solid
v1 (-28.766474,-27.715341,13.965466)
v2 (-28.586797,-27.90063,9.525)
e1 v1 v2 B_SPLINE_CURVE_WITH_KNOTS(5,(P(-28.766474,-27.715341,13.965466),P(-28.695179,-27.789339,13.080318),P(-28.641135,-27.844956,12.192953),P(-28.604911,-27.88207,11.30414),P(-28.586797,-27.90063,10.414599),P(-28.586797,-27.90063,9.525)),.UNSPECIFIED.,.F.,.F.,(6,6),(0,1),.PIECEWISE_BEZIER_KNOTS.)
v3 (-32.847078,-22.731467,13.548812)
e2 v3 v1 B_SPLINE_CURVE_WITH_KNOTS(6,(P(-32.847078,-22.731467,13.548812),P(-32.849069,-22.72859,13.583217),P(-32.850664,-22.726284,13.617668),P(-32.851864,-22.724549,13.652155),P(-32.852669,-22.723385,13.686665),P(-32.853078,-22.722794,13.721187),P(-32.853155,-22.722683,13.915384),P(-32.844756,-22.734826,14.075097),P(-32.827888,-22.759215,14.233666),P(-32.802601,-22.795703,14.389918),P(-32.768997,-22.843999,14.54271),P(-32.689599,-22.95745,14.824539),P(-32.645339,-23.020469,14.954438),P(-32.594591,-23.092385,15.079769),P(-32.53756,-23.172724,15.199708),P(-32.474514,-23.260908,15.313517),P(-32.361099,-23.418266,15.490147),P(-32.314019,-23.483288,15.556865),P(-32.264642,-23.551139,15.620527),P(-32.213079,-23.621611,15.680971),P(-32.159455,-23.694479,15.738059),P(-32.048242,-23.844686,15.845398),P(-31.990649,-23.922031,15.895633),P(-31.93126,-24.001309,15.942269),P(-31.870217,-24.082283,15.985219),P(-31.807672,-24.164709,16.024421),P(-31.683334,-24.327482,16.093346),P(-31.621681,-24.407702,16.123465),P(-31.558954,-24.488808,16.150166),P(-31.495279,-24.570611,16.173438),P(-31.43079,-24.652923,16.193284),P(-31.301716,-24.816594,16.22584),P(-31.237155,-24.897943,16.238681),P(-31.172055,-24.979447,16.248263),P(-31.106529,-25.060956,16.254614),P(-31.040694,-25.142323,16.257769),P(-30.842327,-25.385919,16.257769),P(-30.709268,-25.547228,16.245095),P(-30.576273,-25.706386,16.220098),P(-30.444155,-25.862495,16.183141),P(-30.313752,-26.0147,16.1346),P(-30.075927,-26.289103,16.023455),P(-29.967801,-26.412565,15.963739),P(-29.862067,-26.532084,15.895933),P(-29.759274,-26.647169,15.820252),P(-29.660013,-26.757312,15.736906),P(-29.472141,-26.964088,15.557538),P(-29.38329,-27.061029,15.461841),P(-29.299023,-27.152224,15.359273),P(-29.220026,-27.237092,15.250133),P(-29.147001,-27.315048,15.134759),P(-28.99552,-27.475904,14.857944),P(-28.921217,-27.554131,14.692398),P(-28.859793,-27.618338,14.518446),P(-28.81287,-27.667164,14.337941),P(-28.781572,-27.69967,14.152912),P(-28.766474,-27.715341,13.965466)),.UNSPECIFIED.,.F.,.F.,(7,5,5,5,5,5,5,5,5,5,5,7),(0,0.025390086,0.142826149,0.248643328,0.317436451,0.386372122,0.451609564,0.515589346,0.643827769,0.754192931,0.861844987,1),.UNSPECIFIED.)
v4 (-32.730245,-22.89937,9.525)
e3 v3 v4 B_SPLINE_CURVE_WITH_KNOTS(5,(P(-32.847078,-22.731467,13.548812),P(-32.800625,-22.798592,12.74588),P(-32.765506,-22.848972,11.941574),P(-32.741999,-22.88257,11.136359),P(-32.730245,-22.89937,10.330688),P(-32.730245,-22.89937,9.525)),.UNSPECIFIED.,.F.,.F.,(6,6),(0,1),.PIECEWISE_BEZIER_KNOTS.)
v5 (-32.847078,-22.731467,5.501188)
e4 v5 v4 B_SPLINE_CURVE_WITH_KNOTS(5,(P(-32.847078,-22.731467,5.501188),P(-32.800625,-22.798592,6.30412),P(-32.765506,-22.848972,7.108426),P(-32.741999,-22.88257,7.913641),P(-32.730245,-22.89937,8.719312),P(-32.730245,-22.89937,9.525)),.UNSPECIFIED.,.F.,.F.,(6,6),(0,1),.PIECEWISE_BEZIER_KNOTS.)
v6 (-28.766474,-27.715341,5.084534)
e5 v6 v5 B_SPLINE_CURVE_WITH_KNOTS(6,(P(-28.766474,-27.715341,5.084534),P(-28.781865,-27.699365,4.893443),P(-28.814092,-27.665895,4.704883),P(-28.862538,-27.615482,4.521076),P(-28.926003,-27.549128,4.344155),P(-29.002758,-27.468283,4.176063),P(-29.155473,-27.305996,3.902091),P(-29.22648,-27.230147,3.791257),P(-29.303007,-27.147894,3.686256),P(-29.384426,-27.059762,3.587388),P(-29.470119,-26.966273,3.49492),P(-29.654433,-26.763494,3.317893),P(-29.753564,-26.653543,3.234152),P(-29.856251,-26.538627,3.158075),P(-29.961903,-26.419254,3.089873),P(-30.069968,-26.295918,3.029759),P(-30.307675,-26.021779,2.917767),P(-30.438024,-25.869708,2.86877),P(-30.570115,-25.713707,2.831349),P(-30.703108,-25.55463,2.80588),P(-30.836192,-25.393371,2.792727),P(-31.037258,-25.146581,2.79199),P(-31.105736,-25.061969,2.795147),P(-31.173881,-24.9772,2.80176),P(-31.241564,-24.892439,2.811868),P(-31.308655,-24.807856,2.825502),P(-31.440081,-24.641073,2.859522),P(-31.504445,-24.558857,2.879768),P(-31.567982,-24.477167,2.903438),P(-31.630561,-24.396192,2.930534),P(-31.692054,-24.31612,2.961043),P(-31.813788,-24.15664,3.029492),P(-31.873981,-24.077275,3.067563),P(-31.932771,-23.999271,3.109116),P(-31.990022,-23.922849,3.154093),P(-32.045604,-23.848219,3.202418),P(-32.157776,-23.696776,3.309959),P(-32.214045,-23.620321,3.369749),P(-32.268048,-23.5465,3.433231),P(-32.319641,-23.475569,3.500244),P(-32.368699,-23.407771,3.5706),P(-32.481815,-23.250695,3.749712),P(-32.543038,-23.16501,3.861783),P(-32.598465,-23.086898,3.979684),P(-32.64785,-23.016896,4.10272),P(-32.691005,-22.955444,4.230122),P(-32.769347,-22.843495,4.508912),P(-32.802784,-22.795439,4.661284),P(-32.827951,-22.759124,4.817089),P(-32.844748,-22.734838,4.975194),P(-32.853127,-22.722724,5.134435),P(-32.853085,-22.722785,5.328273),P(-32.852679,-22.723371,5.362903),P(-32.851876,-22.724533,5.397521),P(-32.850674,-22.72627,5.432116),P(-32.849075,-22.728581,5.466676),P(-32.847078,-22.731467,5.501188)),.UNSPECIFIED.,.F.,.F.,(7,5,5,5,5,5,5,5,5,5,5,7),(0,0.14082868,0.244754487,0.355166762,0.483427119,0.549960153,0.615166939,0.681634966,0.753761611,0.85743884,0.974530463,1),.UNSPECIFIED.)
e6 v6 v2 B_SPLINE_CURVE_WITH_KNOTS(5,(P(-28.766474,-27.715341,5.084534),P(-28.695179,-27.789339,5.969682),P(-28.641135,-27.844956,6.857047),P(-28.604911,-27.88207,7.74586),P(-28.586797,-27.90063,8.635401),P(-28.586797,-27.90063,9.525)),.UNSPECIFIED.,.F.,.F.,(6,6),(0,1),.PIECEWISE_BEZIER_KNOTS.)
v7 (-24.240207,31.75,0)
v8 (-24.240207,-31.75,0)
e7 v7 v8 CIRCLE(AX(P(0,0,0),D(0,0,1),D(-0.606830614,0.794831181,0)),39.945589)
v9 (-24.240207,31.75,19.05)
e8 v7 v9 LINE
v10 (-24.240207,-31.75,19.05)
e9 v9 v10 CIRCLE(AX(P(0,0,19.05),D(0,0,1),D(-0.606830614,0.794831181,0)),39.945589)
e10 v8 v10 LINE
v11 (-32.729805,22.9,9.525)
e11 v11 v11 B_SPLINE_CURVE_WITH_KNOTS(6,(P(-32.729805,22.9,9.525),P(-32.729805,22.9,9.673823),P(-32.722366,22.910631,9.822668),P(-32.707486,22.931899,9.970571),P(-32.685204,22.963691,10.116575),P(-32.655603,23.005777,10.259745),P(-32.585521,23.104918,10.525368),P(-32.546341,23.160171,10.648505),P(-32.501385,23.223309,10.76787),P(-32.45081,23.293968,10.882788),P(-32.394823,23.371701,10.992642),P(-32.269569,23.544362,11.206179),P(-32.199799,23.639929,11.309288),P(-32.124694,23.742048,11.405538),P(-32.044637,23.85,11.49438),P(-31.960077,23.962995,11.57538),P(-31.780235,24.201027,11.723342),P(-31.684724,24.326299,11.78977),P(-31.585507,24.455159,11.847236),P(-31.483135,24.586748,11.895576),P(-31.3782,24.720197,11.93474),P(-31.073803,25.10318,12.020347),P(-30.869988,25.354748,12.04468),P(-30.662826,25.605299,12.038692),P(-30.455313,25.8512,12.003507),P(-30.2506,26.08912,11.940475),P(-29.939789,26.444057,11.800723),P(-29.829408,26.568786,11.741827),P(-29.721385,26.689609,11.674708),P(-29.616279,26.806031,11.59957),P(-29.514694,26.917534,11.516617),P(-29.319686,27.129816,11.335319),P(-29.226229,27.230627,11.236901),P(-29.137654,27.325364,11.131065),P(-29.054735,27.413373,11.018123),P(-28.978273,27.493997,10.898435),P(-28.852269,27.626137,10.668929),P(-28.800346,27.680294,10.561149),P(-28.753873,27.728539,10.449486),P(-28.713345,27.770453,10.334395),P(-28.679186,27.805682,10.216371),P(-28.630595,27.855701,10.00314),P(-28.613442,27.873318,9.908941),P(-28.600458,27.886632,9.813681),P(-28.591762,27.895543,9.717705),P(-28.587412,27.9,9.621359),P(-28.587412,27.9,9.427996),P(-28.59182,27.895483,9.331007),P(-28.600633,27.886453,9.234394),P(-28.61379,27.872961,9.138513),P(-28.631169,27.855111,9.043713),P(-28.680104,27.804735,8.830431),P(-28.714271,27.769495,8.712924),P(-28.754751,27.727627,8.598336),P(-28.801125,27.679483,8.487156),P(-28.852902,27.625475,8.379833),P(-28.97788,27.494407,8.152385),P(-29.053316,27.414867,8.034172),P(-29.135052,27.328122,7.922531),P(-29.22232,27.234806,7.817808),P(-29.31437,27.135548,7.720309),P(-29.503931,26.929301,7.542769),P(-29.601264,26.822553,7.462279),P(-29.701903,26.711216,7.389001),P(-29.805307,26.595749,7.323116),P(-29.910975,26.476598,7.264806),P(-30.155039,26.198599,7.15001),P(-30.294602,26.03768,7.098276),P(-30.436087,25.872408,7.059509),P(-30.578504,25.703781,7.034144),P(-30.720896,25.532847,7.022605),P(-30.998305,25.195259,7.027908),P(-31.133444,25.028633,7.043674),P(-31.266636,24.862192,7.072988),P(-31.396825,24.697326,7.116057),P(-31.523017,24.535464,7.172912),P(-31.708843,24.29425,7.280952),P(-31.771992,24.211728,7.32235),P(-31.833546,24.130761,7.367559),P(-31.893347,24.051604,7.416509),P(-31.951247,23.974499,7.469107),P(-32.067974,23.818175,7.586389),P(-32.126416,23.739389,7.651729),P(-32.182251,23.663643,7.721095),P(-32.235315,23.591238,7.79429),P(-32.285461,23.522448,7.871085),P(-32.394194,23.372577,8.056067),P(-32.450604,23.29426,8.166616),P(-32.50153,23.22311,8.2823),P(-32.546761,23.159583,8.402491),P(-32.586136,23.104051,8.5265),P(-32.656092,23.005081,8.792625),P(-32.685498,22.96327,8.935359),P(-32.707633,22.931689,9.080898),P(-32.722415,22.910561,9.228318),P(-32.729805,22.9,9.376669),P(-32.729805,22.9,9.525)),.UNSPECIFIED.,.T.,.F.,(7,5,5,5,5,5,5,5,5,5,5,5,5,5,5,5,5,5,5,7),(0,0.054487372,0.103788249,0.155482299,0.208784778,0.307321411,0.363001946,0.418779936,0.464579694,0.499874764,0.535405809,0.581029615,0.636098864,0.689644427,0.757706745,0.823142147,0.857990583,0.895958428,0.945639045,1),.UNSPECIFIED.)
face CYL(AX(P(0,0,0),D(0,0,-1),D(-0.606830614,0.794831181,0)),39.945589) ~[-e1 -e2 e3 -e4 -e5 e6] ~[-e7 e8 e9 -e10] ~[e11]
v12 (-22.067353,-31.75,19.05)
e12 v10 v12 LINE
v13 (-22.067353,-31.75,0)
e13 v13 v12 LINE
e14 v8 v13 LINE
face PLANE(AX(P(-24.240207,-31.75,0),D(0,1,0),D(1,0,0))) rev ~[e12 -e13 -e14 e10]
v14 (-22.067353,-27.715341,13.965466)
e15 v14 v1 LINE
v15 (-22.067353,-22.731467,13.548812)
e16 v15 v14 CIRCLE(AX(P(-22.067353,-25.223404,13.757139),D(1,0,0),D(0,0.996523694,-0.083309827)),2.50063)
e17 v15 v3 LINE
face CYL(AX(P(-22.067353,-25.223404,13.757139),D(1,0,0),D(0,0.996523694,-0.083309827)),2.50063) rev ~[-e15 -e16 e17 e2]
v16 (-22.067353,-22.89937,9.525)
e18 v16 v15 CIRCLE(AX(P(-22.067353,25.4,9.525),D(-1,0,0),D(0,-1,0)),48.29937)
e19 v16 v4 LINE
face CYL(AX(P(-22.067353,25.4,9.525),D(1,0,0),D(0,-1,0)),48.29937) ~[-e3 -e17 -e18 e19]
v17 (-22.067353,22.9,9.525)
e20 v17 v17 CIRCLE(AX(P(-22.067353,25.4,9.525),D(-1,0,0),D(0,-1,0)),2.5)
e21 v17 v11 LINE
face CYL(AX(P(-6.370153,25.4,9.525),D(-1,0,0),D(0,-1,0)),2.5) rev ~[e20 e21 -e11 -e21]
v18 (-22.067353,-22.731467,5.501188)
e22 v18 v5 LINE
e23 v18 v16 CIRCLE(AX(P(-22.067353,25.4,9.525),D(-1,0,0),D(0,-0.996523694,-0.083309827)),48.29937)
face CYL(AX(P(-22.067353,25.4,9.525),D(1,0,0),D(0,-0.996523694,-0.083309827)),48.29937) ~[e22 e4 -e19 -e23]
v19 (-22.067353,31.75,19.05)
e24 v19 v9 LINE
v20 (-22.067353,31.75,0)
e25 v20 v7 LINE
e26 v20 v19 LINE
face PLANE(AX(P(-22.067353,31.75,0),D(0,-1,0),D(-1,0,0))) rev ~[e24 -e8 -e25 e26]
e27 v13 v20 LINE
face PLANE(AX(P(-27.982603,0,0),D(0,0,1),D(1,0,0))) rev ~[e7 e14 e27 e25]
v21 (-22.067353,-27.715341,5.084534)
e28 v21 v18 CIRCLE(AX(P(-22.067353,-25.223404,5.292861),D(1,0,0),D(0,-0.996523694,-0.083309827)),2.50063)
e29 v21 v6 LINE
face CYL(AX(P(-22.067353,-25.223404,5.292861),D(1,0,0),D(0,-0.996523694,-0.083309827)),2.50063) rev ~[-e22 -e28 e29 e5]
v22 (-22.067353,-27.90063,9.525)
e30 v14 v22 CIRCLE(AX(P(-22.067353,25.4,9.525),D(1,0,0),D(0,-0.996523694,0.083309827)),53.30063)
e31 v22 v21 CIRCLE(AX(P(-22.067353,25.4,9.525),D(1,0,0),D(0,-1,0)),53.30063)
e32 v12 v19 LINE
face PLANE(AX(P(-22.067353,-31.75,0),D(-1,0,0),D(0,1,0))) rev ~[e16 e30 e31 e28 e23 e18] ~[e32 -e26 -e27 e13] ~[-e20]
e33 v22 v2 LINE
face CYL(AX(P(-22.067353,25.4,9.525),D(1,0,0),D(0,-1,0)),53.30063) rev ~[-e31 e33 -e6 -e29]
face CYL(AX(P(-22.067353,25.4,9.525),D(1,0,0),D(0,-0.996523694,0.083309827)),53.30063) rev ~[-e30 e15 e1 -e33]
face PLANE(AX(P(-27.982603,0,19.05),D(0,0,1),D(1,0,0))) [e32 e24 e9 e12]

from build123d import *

# Parameters (mm, degrees)
F1_DEPTH = 19.05
F3_DEPTH = 25.4
F4_D     = 5
F4_DEPTH = 15.6972
F4_TIP   = 1.5021515476


with BuildPart() as f1:
    # F0 (on Top) → F1 (new body)
    with BuildSketch(Plane.XY):
        with BuildLine():
            Line((-22.0673531294, 31.75), (-24.2402065279, 31.75))
            ThreePointArc((-24.2402065279, 31.75), (-39.9455894, 0), (-24.2402065279, -31.75))
            Line((-24.2402065279, -31.75), (-22.0673531294, -31.75))
            Line((-22.0673531294, -31.75), (-22.0673531294, 31.75))
        make_face()
    extrude(amount=F1_DEPTH)

    # F2 (on face) → F3 (cut)
    with BuildSketch(Plane.YZ.offset(-22.0673531294)):
        with BuildLine():
            ThreePointArc((-27.7153407028, 13.9654662391), (-27.8542875294, 11.747165191), (-27.90063, 9.525))
            Line((-27.90063, 9.525), (-22.89937, 9.525))
            ThreePointArc((-22.89937, 9.525), (-22.8573758972, 11.538656851), (-22.7314666127, 13.5488121361))
            ThreePointArc((-22.7314666127, 13.5488121361), (-25.0150766063, 16.2490762326), (-27.7153407028, 13.9654662391))
        make_face()
        with BuildLine():
            Line((-22.89937, 9.525), (-27.90063, 9.525))
            ThreePointArc((-27.90063, 9.525), (-27.8542875294, 7.302834809), (-27.7153407028, 5.0845337609))
            ThreePointArc((-27.7153407028, 5.0845337609), (-25.0150766063, 2.8009237674), (-22.7314666127, 5.5011878639))
            ThreePointArc((-22.7314666127, 5.5011878639), (-22.8573758972, 7.511343149), (-22.89937, 9.525))
        make_face()
    extrude(amount=-F3_DEPTH, mode=Mode.SUBTRACT)

    # F4
    with Locations(Plane.YZ.offset(-22.0673531294)):
        with Locations((25.4, 9.525)):
            Hole(F4_D / 2, depth=F4_DEPTH)
            with Locations((0, 0, -(F4_DEPTH + F4_TIP / 2))):  # 118° drill point
                Cone(0, F4_D / 2, F4_TIP, mode=Mode.SUBTRACT)


solid = f1.part
